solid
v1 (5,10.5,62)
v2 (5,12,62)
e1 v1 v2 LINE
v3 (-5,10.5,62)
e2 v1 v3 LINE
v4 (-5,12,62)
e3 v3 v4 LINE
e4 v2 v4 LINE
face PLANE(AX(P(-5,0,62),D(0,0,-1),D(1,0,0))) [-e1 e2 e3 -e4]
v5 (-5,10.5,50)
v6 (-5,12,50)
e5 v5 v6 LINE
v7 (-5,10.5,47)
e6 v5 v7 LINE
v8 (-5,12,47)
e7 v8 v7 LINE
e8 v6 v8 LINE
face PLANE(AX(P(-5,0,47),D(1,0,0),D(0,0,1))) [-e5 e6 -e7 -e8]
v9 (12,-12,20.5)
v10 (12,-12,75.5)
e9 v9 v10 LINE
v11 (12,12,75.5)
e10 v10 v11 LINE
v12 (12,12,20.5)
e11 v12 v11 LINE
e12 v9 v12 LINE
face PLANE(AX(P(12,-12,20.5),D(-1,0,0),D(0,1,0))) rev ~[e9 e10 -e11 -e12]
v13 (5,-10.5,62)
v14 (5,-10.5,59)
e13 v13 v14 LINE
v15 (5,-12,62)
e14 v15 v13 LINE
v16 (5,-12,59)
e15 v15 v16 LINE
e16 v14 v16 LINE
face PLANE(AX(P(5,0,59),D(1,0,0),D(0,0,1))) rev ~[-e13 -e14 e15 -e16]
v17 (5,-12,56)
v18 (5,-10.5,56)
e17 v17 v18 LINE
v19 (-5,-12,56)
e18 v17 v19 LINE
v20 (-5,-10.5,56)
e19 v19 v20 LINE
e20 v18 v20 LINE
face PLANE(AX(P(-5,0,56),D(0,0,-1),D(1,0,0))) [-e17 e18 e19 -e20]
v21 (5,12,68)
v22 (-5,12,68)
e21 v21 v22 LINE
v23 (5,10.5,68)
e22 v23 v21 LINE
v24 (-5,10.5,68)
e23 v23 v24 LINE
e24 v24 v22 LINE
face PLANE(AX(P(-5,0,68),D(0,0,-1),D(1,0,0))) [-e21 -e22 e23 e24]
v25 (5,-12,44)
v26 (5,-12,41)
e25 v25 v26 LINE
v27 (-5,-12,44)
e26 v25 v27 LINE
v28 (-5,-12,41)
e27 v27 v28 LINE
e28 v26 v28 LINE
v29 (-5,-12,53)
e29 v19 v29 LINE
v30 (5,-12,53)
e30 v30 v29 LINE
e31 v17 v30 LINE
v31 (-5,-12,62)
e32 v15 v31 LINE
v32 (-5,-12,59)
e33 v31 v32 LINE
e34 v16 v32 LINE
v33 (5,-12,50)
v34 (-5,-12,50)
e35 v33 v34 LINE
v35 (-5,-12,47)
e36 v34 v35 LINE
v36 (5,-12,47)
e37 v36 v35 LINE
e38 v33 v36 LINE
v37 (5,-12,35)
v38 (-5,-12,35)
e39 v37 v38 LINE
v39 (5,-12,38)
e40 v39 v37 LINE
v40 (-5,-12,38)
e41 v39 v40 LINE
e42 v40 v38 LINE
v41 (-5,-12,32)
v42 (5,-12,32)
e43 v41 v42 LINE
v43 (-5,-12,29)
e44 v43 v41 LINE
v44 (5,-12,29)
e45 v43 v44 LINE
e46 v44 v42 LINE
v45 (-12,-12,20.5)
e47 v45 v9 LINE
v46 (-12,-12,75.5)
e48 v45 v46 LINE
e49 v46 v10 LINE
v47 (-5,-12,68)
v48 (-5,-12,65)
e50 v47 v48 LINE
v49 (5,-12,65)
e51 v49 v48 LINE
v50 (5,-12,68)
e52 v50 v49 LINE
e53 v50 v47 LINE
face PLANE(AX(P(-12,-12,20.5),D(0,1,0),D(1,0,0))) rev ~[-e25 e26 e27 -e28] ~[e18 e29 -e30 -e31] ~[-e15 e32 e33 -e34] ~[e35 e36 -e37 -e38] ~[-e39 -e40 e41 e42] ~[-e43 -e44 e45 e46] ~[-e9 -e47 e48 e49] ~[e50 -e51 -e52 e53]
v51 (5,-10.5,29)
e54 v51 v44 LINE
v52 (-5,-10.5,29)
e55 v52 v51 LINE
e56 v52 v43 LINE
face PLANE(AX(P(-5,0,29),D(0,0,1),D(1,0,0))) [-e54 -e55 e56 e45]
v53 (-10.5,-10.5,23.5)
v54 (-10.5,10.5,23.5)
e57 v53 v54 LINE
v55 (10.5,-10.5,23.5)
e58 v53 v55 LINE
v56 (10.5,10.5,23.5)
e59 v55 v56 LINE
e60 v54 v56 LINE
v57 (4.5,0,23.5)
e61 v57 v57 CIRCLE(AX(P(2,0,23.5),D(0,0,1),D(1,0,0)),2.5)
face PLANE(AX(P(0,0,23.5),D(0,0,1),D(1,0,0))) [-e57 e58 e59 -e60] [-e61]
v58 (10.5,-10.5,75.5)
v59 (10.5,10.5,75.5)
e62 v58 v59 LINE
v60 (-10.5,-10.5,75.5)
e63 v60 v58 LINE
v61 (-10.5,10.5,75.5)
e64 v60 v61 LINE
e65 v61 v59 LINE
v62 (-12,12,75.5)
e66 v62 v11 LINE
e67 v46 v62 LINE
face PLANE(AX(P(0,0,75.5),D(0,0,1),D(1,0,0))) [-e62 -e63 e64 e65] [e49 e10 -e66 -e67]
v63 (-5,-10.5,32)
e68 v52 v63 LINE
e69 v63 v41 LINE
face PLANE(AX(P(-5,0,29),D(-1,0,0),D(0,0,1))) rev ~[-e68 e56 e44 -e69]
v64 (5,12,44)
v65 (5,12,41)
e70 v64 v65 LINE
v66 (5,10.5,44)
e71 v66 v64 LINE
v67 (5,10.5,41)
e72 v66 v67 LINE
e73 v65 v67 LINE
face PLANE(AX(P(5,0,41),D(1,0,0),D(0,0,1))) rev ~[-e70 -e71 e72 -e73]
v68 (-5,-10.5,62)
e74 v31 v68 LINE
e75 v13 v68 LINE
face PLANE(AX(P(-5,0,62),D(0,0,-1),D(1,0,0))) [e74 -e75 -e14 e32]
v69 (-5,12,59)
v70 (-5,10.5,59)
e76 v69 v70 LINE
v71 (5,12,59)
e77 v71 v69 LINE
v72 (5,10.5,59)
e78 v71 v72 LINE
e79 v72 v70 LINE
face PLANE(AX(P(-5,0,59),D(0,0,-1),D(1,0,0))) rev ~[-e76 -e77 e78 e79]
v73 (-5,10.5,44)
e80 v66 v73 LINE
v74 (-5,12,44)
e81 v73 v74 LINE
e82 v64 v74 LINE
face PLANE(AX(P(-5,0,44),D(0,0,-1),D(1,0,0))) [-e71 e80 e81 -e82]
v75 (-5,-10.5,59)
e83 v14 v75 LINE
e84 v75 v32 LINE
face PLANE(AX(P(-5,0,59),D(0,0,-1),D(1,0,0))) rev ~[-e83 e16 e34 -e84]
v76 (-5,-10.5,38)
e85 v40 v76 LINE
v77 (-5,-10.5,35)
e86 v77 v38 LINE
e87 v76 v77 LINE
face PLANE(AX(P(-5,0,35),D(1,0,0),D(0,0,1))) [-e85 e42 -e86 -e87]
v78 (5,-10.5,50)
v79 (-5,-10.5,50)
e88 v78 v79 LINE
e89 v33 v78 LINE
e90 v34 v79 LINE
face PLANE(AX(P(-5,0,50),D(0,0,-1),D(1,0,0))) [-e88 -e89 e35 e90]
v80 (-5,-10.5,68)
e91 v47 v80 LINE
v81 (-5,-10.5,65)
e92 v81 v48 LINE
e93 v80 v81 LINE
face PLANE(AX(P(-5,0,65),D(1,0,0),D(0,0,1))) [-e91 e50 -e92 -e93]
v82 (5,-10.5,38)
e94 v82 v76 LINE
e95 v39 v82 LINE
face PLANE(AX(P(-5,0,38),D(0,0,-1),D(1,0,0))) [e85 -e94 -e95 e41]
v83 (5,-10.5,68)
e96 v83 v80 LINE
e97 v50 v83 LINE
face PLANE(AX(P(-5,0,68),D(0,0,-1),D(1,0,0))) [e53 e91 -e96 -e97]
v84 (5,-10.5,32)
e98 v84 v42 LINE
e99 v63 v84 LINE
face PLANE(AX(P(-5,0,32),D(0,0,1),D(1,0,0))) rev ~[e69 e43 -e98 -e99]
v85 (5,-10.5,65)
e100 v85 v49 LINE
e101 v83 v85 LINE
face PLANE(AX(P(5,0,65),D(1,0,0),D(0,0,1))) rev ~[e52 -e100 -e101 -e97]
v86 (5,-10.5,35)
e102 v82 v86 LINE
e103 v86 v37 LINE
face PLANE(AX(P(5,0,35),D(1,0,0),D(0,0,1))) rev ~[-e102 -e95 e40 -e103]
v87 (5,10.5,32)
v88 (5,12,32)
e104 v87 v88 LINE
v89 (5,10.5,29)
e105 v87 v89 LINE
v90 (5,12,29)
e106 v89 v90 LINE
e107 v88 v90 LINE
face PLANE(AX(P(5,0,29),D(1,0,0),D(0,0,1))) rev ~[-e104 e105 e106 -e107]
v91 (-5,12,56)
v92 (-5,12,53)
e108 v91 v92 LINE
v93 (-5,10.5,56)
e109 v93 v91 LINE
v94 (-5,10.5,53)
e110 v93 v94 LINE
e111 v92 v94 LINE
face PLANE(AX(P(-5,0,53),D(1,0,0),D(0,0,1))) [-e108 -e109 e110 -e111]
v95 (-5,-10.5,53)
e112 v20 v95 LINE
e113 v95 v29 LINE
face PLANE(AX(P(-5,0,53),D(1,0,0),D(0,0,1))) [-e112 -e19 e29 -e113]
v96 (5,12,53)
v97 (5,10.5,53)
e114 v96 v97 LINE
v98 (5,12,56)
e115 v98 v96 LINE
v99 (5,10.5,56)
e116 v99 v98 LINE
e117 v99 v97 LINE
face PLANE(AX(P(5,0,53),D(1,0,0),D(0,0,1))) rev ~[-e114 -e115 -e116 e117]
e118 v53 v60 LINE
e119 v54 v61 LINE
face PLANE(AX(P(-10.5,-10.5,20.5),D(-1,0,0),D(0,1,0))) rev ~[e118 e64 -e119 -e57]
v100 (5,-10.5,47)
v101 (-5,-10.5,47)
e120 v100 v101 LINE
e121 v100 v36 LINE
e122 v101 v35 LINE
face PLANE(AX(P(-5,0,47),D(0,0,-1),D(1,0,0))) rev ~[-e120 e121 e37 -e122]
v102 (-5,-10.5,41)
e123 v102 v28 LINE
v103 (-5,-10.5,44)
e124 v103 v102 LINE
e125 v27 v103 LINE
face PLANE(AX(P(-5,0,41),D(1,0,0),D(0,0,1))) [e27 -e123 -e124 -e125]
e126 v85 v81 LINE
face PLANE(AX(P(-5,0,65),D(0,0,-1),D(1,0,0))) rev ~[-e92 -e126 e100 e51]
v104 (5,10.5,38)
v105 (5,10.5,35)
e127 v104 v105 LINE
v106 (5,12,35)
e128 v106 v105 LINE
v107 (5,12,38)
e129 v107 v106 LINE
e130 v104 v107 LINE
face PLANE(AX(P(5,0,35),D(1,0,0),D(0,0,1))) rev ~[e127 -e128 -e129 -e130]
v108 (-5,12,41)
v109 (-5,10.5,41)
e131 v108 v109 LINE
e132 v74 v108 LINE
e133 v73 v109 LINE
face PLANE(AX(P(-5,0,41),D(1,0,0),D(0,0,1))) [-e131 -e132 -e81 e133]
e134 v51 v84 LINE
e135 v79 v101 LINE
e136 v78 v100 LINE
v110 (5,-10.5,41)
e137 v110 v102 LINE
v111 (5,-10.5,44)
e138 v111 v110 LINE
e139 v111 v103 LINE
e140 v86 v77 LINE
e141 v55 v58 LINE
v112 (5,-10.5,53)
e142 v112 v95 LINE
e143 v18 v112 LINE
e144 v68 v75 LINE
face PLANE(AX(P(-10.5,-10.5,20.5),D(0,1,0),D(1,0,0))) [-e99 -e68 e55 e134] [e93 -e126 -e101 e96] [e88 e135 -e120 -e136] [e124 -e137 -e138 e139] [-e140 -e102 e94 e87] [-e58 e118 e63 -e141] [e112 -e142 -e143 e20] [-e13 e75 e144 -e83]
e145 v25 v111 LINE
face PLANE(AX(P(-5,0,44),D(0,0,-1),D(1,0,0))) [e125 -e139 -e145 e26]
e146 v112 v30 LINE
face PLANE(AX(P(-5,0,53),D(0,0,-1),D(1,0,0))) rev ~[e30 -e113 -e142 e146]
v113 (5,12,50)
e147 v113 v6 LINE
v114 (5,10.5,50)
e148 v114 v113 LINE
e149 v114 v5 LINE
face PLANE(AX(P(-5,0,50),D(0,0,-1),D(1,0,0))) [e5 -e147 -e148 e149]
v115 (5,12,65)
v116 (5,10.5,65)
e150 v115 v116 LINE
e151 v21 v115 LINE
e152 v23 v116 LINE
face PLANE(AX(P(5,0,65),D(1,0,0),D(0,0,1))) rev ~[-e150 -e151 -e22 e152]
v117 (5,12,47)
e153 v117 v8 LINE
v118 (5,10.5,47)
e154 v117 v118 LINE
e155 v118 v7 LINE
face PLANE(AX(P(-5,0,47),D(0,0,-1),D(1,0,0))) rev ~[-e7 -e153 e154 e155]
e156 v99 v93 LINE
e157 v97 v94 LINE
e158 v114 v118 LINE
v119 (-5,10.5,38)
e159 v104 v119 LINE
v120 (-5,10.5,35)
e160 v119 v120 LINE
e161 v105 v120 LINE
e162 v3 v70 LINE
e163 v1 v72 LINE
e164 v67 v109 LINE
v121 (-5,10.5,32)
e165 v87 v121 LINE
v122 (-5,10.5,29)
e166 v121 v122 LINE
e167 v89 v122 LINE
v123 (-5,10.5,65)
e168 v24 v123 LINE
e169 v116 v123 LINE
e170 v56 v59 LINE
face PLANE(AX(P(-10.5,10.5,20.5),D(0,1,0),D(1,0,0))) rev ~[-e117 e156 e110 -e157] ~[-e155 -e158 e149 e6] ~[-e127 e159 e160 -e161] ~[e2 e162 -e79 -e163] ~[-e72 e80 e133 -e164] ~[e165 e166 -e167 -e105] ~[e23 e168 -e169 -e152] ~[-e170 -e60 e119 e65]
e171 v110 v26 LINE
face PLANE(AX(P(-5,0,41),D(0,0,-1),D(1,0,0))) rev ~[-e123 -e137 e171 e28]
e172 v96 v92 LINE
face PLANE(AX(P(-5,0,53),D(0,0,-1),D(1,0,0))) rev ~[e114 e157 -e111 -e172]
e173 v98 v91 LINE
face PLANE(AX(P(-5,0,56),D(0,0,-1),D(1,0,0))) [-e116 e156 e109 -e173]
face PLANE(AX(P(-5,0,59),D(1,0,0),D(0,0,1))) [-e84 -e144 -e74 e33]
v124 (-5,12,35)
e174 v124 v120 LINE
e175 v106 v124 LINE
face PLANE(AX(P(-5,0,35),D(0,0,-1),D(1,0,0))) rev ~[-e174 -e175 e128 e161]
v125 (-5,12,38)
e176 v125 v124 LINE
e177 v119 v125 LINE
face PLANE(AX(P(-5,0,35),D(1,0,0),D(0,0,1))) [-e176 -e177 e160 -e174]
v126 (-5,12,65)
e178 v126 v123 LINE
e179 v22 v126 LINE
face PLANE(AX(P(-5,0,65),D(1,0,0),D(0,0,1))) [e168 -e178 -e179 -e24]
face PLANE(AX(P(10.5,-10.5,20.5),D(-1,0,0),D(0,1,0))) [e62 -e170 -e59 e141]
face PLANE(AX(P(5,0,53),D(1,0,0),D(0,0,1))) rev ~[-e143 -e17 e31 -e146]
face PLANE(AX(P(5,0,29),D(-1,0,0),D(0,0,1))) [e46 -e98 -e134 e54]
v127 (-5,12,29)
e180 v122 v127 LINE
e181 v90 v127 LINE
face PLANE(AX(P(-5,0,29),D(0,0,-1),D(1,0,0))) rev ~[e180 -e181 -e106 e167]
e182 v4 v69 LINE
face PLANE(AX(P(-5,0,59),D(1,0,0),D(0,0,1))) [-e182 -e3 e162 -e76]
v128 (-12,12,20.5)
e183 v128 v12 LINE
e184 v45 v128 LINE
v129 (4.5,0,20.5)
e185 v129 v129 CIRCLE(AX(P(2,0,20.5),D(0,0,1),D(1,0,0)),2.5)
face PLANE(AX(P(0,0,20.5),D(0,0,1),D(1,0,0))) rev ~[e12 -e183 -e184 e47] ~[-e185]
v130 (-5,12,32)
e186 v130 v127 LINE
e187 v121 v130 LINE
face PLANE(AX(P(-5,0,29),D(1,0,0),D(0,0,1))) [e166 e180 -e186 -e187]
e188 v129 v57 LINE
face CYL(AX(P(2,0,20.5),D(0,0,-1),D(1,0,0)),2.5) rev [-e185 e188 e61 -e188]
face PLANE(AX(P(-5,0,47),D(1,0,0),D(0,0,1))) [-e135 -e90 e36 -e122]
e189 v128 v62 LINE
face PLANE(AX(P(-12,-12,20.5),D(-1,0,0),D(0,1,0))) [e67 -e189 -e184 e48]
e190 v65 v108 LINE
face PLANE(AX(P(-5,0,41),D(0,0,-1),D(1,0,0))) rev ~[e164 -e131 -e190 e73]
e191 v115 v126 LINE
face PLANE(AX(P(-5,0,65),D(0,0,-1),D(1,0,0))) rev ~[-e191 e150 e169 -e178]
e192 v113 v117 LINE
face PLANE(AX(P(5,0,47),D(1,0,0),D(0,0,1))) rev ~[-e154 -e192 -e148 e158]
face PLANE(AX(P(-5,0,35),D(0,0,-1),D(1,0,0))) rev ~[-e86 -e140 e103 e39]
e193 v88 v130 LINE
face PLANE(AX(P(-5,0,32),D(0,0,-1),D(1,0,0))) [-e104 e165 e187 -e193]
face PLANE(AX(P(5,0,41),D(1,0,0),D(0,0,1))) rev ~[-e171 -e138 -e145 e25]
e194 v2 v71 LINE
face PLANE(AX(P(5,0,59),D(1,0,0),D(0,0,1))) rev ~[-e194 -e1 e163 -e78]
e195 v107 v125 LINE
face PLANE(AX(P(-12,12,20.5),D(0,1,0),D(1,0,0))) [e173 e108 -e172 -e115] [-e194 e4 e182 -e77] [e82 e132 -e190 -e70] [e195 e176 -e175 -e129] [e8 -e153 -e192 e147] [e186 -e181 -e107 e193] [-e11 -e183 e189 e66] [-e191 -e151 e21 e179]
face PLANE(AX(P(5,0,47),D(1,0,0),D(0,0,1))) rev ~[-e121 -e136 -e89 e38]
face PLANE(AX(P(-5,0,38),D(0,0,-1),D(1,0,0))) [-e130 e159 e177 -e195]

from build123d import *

# Parameters (mm, degrees)
SKETCH007_W          = 21
SKETCH007_H          = 21
SKETCH007_R          = 2.5
PAD006_DEPTH         = 3
SKETCH008_W          = 24
SKETCH008_H          = 24
SKETCH008_W_2        = 21
SKETCH008_H_2        = 21
PAD007_DEPTH         = 55
SKETCH009_W          = 10
SKETCH009_H          = 3
POCKET001_DEPTH      = 20
POCKET001_DEPTH_BACK = 20
LINEARPATTERN_COUNT  = 7
LINEARPATTERN_PITCH  = 6


with BuildPart() as part:
    # Sketch007 → Pad006 (new body)
    with BuildSketch(Plane.XY):
        Rectangle(SKETCH007_W, SKETCH007_H)
        with Locations((2, 0)):
            Circle(SKETCH007_R, mode=Mode.SUBTRACT)
    extrude(amount=PAD006_DEPTH)

    # Sketch008 → Pad007 (join)
    with BuildSketch(Plane.XY):
        Rectangle(SKETCH008_W, SKETCH008_H)
        Rectangle(SKETCH008_W_2, SKETCH008_H_2, mode=Mode.SUBTRACT)
    extrude(amount=PAD007_DEPTH)

    # Sketch009 → Pocket001 (cut, two sides)
    with BuildSketch(Plane.XZ) as pocket001_sk:
        with Locations((0, 10)):
            Rectangle(SKETCH009_W, SKETCH009_H)
    pocket001 = extrude(amount=-POCKET001_DEPTH, mode=Mode.SUBTRACT) + extrude(pocket001_sk.sketch, amount=POCKET001_DEPTH_BACK, mode=Mode.SUBTRACT)

    # LinearPattern: Pocket001 ×7
    with Locations(*[(0, 0, i * LINEARPATTERN_PITCH) for i in range(1, LINEARPATTERN_COUNT)]):
        add(pocket001, mode=Mode.SUBTRACT)


with BuildPart() as part_1:
    # Body002 placement: moved
    add(part.part.moved(Location((0, 0, 20.5))))


solid = part_1.part
